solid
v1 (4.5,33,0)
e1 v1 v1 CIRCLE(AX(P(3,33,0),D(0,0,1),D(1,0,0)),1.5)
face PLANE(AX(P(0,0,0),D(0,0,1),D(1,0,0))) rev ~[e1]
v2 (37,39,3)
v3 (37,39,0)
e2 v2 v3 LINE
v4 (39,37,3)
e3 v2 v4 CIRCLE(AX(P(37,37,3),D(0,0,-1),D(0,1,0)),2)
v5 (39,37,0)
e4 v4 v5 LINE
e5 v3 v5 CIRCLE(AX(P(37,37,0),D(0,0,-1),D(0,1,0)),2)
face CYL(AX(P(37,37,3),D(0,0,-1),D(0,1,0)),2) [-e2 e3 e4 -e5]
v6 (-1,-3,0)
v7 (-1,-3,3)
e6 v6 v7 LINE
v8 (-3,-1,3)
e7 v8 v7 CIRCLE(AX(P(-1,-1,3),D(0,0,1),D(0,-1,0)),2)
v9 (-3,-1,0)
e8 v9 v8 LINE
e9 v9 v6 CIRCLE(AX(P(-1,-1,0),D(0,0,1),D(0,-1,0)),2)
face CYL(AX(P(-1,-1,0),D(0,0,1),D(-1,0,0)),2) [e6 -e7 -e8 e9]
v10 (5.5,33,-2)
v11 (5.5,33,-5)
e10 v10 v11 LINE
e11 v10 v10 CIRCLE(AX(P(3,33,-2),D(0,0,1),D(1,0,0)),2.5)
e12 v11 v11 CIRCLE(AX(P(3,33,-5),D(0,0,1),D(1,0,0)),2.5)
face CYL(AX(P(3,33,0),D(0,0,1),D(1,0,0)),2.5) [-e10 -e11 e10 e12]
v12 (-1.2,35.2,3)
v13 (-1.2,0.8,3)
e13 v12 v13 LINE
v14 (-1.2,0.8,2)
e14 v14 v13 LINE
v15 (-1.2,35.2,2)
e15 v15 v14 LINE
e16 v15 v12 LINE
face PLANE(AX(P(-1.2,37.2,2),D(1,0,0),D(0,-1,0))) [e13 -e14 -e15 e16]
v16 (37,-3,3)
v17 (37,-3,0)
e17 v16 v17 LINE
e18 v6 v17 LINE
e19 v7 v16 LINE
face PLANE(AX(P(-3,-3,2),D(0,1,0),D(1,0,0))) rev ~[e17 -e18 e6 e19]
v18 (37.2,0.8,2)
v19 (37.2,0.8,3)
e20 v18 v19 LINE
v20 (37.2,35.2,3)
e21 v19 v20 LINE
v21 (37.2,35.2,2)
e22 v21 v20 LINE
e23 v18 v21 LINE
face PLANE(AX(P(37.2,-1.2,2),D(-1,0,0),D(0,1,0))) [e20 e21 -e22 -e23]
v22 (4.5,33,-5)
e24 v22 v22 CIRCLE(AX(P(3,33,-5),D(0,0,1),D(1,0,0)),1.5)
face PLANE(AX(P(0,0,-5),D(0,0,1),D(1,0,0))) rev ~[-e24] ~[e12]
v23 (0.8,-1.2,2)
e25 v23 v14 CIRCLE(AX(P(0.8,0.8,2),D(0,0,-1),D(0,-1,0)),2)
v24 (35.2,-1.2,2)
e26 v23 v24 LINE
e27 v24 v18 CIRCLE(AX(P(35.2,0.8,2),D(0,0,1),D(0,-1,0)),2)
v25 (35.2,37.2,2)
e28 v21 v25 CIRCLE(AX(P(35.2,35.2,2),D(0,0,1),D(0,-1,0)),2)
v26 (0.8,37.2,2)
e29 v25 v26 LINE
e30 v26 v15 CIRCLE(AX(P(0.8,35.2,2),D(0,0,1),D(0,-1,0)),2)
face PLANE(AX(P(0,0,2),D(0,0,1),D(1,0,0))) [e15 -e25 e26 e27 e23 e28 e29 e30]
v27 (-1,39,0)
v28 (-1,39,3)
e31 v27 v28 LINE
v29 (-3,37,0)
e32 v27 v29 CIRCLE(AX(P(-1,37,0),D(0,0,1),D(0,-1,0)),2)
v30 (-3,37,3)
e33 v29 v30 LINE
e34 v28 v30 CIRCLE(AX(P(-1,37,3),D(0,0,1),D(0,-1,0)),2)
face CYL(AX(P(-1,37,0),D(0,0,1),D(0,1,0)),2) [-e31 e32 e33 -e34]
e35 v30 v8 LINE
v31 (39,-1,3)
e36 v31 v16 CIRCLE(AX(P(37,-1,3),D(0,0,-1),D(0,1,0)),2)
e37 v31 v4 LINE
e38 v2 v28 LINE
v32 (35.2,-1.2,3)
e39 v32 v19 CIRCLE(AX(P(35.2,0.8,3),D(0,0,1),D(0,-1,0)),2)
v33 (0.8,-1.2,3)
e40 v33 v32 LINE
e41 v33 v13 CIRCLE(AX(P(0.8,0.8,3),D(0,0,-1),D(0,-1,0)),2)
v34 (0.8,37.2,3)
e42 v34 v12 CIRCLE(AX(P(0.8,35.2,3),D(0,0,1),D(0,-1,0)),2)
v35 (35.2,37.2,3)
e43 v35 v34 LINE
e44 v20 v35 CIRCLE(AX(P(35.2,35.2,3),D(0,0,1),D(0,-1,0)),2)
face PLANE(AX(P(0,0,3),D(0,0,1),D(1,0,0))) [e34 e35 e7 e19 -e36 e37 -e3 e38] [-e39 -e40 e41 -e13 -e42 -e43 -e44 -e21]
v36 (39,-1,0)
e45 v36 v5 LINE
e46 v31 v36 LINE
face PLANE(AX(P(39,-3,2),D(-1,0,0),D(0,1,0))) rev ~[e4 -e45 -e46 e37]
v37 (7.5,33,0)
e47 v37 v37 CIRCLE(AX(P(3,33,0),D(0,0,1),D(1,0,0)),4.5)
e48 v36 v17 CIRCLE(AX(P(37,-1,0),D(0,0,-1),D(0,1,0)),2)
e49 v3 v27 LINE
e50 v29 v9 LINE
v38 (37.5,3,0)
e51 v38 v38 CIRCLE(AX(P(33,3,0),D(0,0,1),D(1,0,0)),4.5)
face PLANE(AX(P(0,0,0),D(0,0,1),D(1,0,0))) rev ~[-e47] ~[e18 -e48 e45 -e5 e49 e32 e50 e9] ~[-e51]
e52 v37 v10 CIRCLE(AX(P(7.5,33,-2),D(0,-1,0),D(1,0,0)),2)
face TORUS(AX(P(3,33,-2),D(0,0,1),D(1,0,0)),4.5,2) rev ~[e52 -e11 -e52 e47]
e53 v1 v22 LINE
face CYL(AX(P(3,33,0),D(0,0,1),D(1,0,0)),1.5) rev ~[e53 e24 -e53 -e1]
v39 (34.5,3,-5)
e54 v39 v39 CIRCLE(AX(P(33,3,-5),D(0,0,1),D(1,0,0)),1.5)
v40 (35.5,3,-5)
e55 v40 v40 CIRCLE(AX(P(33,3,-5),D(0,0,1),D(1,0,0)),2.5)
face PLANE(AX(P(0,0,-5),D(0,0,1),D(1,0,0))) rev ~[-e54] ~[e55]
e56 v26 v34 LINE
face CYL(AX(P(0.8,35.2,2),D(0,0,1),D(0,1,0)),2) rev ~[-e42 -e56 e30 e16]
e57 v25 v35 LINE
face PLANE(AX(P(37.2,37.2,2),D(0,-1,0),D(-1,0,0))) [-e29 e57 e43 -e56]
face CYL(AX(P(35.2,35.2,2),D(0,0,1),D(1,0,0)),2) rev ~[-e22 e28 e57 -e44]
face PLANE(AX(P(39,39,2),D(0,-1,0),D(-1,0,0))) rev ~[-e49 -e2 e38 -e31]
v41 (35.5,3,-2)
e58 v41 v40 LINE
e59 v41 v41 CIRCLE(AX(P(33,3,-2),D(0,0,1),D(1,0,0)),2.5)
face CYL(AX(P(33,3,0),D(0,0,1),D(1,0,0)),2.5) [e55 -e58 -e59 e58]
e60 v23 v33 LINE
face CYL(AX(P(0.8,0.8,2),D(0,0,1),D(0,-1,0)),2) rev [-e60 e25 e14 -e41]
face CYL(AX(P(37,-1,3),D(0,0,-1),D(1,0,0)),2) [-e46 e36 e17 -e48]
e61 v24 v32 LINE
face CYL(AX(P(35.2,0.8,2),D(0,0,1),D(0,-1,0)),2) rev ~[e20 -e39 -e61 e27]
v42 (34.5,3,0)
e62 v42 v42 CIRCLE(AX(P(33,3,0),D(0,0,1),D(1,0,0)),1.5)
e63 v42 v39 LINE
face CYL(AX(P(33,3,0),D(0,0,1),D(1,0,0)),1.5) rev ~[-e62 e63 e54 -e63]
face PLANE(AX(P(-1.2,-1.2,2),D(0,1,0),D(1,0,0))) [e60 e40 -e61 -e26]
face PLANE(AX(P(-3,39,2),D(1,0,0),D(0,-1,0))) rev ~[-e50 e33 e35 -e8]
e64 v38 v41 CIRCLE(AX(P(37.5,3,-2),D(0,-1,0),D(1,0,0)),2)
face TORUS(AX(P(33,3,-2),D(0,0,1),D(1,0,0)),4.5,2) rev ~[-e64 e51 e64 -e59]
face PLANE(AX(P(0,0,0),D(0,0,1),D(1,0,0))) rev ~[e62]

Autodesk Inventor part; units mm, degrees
ref_plane "YZ Plane" through (0, 0, 0) normal (1, 0, 0) x (0, 1, 0)
ref_plane "XZ Plane" through (0, 0, 0) normal (0, 1, 0) x (-1, 0, 0)
ref_plane "XY Plane" through (0, 0, 0) normal (0, 0, 1) x (1, 0, 0)
sketch "Sketch Base" plane through (0, 0, 0) normal (0, 0, 1) x (1, 0, 0)
  line L0 (0, 0) -> (36, 0)
  line L1 (36, 0) -> (36, 36)
  line L2 (36, 36) -> (0, 36)
  line L3 (0, 36) -> (0, 0)
  line L4 (0, 0) -> (36, 36) construction
  line L5 (36, 0) -> (0, 36) construction
  line L6 (3, 3) -> (33, 3) construction
  line L7 (33, 3) -> (33, 33) construction
  line L8 (33, 33) -> (3, 33) construction
  line L9 (3, 33) -> (3, 3) construction
  line L10 (3, 3) -> (33, 33) construction
  line L11 (33, 3) -> (3, 33) construction
  circle A0 centre (3, 33) radius 1.5
  circle A1 centre (33, 3) radius 1.5
  circle A2 centre (3, 33) radius 2.5
  circle A3 centre (33, 3) radius 2.5
  line L12 (-1, -1) -> (37, -1)
  line L13 (37, -1) -> (37, 37)
  line L14 (37, 37) -> (-1, 37)
  line L15 (-1, 37) -> (-1, -1)
  line L16 (-1, -1) -> (37, 37) construction
  line L17 (37, -1) -> (-1, 37) construction
  line L18 (-3, -3) -> (39, -3)
  line L19 (39, -3) -> (39, 39)
  line L20 (39, 39) -> (-3, 39)
  line L21 (-3, 39) -> (-3, -3)
  line L22 (-3, -3) -> (39, 39) construction
  line L23 (39, -3) -> (-3, 39) construction
  point P0 (18, 18)
  dimension "d0" = 36
  dimension "d1" = 36
  dimension "d2" = 30
  dimension "d3" = 30
  dimension "d4" = 3
  dimension "d6" = 3
  dimension "d8" = 5
  dimension "d11" = 5
  dimension "d12" = 38
  dimension "d13" = 38
  dimension "d14" = 42
  dimension "d15" = 42
extrude "Extrusion1" add sketch "Sketch Base" against normal blind 5 contours A2 | A3
extrude "Extrusion5" add sketch "Sketch Base" along normal blind 2 contours L3 L2 L1 L0 | A0 | A1 | A2 | A3 | L15 L14 L13 L12 | L21 L20 L19 L18
sketch "Sketch2" plane through (0, 0, 2) normal (0, 0, 1) x (1, 0, 0)
  line L0 (-3, 39) -> (-3, -3) projected
  line L1 (39, -3) -> (39, 39) projected
  line L2 (-3, -3) -> (39, -3)
  line L3 (39, -3) -> (39, 39)
  line L4 (39, 39) -> (-3, 39)
  line L5 (-3, 39) -> (-3, -3)
  line L6 (-3, -3) -> (39, 39) construction
  line L7 (-1.2, -1.2) -> (37.2, -1.2)
  line L8 (37.2, -1.2) -> (37.2, 37.2)
  line L9 (37.2, 37.2) -> (-1.2, 37.2)
  line L10 (-1.2, 37.2) -> (-1.2, -1.2)
  line L11 (-1.2, -1.2) -> (37.2, 37.2) construction
  line L12 (37.2, -1.2) -> (-1.2, 37.2) construction
  point P0 (0, 0)
  point P1 (18, 18)
  dimension "d30" = 38.4
  dimension "d31" = 38.4
extrude "Extrusion8" add sketch "Sketch2" along normal blind 1
fillet "Fillet1" radius 2 8 edges at (-3, -3, 1.5) (-3, 39, 1.5) (39, 39, 1.5) (39, -3, 1.5) (-1.2, 37.2, 2.5) (37.2, 37.2, 2.5) (37.2, -1.2, 2.5) (-1.2, -1.2, 2.5)
fillet "Fillet2" radius 2 2 edges at (0.5, 33, 0) (30.5, 3, 0)
properties part number "Controller Mount"
